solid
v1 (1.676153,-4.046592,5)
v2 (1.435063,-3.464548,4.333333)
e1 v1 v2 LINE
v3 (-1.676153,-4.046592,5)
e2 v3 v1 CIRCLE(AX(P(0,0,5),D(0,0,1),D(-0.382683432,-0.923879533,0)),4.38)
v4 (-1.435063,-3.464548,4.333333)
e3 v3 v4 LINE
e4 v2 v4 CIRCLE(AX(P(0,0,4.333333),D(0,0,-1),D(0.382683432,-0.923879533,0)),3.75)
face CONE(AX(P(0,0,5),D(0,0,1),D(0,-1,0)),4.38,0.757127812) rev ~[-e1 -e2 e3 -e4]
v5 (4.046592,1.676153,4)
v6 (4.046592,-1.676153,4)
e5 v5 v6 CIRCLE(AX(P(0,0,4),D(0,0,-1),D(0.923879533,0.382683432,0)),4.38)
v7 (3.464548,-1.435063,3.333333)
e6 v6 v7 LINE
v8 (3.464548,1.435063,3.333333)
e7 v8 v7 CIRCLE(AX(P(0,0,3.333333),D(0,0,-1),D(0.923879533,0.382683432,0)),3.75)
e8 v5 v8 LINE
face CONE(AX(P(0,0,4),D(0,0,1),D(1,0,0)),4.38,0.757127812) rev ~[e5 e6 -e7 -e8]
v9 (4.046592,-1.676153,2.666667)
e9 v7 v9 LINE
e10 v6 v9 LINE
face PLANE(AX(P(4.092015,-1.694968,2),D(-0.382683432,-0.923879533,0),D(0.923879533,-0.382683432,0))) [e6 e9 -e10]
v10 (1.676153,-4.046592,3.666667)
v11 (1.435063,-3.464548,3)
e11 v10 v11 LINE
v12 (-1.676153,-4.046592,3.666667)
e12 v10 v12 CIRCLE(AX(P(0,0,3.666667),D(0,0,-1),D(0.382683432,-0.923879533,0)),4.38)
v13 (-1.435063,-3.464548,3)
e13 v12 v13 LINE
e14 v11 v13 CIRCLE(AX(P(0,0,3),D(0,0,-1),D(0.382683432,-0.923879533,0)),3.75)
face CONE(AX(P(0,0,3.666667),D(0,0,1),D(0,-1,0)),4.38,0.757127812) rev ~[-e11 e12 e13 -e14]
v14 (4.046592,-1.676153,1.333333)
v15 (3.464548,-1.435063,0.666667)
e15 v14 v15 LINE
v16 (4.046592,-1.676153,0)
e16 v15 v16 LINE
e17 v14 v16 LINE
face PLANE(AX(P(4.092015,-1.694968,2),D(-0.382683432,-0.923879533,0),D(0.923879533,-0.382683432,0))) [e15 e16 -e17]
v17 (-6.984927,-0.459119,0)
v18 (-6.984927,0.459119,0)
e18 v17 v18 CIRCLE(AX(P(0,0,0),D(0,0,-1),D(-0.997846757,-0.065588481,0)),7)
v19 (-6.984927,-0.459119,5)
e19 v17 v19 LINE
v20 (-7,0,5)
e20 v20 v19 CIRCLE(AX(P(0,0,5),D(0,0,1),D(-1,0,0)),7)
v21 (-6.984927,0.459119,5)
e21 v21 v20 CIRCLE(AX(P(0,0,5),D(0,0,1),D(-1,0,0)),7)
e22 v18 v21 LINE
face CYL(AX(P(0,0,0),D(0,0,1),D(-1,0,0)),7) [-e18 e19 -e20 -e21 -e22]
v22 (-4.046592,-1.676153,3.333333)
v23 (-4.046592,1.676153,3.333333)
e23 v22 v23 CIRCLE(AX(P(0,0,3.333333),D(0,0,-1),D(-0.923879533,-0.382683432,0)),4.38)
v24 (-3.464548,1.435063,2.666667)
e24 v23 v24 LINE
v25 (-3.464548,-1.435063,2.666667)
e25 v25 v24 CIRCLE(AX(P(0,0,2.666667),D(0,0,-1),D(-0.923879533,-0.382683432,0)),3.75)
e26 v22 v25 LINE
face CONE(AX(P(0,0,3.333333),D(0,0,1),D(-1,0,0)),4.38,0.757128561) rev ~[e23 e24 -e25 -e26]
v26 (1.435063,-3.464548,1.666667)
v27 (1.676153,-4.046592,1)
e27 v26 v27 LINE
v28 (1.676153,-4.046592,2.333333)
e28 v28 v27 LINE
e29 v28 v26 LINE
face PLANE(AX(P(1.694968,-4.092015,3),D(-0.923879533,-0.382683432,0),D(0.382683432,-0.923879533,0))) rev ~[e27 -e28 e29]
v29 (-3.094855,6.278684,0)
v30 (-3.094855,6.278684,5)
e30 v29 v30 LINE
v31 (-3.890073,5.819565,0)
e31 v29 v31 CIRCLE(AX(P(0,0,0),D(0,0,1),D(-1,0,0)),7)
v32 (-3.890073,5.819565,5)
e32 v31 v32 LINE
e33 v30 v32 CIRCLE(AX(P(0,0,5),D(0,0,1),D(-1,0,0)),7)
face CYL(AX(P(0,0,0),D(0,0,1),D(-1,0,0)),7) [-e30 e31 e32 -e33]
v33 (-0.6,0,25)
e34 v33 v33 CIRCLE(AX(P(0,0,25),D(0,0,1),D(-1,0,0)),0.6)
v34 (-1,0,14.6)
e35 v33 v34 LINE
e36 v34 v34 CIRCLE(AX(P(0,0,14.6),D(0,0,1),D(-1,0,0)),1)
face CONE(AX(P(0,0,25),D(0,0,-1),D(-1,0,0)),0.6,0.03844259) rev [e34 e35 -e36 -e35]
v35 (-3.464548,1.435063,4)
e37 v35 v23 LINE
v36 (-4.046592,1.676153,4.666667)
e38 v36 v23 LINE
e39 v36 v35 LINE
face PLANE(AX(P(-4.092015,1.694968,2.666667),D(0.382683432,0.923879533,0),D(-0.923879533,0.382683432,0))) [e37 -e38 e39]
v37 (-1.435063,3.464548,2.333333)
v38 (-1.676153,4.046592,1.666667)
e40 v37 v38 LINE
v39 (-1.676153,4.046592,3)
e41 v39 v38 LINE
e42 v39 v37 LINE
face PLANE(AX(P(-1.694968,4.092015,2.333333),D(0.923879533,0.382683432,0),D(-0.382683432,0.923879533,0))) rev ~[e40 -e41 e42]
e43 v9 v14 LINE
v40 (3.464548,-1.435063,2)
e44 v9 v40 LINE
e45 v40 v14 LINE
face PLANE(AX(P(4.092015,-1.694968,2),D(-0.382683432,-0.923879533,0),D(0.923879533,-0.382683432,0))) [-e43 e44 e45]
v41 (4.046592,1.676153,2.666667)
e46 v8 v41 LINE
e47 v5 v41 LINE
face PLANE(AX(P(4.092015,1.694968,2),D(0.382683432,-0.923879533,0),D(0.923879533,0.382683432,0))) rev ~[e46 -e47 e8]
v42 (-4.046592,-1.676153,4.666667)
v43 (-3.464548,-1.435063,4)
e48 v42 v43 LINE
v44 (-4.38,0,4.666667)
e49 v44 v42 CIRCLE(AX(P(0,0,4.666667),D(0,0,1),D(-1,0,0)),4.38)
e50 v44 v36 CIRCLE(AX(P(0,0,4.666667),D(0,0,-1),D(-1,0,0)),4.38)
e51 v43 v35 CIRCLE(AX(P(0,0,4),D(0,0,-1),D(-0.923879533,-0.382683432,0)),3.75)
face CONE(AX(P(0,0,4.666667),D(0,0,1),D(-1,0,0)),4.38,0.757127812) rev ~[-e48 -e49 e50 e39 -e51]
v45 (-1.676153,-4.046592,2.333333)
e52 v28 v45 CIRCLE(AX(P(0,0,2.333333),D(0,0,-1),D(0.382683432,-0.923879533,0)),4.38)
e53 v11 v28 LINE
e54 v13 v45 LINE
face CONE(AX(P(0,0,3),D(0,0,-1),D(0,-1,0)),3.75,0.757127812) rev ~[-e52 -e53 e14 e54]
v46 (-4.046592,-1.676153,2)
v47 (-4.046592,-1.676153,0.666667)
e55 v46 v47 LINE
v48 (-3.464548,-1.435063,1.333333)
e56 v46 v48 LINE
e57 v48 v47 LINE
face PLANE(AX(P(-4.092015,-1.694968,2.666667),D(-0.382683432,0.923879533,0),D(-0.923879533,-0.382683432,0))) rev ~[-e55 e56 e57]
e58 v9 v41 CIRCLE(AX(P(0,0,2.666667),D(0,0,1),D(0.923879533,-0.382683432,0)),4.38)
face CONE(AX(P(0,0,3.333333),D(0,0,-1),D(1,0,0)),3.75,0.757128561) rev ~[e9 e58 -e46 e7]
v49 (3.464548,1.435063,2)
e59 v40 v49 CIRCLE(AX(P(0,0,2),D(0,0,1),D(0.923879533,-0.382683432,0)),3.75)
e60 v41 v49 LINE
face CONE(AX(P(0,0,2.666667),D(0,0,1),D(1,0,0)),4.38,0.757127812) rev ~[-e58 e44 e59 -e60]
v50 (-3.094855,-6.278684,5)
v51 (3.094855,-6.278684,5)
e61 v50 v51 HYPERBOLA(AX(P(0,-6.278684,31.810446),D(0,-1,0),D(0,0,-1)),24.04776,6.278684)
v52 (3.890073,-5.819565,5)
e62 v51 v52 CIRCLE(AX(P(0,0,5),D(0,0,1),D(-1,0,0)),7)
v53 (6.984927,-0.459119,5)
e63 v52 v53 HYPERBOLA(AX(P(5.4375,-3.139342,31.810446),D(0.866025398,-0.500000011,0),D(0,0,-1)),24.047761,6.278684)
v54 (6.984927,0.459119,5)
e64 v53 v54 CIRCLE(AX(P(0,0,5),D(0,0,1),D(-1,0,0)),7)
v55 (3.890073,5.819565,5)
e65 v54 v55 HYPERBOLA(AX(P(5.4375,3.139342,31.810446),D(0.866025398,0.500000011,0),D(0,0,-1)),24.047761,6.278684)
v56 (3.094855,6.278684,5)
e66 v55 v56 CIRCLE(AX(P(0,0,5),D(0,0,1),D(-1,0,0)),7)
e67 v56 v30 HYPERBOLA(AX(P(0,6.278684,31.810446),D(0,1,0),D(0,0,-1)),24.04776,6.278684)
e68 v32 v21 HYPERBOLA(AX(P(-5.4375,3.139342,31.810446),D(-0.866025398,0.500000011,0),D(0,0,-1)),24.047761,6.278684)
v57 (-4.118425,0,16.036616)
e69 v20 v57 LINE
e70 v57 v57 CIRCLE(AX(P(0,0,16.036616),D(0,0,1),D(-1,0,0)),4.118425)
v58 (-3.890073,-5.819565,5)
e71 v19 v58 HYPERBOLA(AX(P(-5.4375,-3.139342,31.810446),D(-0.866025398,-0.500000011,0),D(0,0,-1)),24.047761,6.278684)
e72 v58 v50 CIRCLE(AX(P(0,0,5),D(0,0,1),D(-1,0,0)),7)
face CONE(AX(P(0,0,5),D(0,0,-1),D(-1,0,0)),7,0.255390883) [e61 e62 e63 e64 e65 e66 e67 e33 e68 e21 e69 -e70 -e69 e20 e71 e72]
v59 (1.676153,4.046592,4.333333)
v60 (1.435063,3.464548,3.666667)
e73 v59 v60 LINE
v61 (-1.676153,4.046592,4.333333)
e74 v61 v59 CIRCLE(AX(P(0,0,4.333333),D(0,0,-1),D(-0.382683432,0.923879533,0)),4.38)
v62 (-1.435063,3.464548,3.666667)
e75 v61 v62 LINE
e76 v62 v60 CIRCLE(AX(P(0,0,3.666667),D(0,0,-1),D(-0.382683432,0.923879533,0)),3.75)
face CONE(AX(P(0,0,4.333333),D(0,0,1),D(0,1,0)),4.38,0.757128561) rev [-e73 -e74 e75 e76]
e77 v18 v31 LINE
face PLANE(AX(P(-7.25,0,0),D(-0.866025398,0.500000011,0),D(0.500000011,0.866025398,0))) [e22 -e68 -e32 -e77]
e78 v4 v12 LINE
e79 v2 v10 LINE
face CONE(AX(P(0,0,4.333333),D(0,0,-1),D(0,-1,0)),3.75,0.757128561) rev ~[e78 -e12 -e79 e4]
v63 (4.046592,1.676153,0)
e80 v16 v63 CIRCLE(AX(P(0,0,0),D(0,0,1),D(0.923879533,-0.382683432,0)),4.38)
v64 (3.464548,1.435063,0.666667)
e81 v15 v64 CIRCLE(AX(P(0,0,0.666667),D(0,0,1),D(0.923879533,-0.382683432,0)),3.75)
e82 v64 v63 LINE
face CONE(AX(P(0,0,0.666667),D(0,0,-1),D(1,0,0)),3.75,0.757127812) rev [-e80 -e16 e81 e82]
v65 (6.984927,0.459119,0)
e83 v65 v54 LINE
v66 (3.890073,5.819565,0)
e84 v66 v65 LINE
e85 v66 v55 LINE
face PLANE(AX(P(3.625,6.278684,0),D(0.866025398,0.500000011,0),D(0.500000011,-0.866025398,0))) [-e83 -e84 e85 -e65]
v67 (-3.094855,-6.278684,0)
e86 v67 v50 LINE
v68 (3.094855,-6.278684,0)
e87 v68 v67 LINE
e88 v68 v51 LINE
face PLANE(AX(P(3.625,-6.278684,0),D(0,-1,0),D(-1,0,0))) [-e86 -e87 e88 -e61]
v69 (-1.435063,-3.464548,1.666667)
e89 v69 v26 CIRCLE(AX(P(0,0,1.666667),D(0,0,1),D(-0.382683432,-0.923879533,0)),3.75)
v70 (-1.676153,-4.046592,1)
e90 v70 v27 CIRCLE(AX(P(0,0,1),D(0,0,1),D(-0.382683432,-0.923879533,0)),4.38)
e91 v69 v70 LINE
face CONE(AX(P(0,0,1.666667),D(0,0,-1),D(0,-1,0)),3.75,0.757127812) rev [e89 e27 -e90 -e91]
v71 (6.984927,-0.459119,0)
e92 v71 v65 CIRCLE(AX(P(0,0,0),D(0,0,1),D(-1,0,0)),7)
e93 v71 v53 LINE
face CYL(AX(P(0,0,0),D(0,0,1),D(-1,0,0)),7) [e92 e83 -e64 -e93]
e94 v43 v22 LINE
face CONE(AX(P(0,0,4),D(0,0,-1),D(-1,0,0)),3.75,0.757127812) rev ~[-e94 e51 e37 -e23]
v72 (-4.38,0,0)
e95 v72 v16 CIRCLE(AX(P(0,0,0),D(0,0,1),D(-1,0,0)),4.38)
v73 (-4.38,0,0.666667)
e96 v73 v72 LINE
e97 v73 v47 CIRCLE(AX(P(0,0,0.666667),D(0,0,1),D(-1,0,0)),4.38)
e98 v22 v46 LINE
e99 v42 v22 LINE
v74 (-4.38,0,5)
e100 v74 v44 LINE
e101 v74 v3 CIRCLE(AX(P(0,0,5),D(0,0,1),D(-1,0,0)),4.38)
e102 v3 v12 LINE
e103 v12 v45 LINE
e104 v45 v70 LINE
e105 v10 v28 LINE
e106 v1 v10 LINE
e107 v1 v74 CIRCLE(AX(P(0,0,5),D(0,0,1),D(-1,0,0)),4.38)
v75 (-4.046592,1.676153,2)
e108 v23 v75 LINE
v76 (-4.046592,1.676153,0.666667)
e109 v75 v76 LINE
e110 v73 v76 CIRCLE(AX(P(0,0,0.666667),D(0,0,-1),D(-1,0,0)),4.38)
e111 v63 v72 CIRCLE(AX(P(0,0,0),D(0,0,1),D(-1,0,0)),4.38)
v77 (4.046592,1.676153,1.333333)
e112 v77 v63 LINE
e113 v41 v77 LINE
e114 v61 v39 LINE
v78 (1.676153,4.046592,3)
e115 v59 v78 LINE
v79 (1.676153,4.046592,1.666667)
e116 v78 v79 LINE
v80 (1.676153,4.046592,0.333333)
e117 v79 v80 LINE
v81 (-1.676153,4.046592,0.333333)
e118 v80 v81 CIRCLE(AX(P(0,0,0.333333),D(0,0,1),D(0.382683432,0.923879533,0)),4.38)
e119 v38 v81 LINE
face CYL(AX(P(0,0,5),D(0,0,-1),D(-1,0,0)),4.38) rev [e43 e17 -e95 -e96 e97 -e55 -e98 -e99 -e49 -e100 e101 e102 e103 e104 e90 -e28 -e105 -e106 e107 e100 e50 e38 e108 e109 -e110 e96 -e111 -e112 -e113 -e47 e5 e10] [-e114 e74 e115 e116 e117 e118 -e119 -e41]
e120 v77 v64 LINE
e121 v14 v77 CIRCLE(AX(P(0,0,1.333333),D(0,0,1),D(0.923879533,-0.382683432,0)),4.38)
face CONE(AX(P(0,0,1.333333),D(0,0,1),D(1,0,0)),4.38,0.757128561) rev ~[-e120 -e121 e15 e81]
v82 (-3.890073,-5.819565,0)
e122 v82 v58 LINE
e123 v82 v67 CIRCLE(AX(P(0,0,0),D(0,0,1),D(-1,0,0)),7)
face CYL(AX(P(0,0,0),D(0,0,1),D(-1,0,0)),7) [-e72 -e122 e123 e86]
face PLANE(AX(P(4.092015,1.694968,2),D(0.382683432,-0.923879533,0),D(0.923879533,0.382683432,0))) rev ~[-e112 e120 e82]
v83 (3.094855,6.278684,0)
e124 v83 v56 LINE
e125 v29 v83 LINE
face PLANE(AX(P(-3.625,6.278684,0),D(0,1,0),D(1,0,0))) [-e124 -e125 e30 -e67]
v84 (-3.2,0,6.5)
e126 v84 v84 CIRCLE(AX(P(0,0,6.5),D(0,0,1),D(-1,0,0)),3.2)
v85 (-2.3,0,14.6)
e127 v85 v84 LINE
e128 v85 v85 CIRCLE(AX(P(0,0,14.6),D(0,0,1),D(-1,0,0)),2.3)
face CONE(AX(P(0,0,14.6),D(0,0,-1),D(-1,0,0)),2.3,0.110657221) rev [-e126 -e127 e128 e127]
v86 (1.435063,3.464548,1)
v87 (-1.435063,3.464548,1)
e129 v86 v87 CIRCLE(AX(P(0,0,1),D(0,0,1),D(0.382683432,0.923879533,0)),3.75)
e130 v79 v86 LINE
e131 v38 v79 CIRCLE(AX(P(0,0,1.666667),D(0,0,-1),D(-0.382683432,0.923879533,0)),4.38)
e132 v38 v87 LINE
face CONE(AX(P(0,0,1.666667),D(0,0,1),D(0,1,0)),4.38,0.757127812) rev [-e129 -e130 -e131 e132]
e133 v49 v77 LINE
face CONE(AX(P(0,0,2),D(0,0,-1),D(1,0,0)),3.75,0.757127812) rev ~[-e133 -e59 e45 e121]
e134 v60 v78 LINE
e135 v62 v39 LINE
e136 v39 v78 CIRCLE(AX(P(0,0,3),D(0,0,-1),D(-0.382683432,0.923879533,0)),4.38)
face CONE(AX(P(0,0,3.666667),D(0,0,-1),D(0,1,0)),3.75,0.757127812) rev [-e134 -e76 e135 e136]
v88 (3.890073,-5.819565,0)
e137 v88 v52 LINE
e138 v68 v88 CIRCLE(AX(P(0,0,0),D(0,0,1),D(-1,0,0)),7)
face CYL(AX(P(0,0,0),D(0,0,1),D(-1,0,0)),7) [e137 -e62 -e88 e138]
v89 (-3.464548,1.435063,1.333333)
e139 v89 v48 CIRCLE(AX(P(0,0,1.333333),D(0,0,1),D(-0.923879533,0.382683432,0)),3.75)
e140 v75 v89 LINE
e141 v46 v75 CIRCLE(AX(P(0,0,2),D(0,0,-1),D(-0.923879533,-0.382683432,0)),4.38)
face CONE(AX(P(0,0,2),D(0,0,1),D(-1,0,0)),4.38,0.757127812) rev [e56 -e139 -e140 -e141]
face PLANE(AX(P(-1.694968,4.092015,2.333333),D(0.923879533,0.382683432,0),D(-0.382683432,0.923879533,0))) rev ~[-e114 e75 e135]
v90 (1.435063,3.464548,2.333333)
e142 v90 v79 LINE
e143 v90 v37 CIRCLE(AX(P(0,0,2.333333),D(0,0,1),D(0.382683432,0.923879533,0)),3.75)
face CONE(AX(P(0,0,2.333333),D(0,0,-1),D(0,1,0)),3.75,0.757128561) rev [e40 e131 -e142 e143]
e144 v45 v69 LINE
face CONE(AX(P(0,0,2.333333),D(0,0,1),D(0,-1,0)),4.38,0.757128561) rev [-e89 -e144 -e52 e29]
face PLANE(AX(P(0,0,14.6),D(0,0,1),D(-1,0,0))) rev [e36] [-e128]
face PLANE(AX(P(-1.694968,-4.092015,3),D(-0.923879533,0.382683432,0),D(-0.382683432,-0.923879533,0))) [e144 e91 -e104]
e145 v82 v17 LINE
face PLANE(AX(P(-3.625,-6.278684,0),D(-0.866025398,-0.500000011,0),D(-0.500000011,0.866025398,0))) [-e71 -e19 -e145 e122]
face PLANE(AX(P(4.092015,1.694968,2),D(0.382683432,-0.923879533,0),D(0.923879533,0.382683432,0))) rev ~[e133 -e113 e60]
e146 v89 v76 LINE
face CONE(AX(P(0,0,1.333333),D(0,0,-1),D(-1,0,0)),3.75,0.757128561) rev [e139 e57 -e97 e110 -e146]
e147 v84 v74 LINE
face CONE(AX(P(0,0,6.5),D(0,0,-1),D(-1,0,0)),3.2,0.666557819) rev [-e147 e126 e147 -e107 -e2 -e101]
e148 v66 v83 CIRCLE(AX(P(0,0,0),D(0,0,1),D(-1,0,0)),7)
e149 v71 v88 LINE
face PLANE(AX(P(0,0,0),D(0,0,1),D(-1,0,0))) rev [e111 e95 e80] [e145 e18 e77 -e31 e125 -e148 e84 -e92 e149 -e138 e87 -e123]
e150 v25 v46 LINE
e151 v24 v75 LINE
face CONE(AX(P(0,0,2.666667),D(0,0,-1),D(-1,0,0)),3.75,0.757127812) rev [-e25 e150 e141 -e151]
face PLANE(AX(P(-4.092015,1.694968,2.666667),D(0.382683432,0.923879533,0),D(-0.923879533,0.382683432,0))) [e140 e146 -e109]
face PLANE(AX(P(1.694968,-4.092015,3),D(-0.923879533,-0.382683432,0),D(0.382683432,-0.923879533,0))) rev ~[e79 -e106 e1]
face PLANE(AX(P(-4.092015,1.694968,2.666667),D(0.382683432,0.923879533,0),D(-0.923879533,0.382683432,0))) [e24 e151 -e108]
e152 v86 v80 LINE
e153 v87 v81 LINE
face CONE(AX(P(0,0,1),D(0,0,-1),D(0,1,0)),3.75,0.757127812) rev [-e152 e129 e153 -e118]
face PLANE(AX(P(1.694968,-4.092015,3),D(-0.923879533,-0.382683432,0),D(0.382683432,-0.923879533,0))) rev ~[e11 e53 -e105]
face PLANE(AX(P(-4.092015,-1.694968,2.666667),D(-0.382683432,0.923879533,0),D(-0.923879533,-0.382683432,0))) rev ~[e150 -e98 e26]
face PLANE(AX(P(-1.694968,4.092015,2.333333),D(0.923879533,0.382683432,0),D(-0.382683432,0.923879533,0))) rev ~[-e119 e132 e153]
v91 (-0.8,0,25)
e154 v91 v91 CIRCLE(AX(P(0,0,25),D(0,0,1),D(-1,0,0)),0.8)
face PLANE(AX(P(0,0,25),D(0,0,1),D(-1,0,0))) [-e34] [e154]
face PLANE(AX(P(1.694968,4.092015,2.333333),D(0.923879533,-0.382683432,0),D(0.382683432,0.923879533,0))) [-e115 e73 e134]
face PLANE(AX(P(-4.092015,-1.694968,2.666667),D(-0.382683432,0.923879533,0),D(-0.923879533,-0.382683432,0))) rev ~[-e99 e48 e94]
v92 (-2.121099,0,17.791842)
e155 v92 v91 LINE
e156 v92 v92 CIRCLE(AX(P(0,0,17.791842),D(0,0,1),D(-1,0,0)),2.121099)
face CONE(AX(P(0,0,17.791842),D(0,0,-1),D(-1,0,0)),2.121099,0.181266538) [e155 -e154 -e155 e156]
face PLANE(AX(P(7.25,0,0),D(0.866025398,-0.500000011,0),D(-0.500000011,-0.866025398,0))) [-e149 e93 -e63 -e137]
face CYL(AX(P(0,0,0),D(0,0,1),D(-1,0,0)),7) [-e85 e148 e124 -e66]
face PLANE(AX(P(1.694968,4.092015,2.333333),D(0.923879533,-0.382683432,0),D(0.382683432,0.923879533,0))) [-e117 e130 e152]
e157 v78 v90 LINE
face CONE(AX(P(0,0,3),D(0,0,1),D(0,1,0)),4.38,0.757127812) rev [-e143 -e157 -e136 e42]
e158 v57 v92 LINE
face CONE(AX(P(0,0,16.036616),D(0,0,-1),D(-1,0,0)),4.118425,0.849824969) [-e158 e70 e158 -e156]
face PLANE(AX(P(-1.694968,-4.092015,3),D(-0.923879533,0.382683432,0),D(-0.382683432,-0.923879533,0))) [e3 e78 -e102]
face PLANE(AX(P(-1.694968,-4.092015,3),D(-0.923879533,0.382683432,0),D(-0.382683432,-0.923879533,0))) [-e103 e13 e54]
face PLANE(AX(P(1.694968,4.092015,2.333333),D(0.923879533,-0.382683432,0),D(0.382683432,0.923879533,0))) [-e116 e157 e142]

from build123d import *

# Parameters (mm, degrees)
SKETCH001_R         = 16.146195
POCKET_DEPTH        = 25.001
REVOLUTION001_ANGLE = 45
REVOLUTION002_ANGLE = 45


with BuildPart() as part:
    # Sketch → Revolution (revolve)
    with BuildSketch(Plane.XZ):
        Polygon((-1, 14.6), (-2.3, 14.6), (-3.2, 6.5), (-4.38, 5), (-4.38, 0), (-7, 0), (-7, 5), (-4.118425, 16.036616), (-2.121099, 17.791842), (-0.8, 25), (-0.6, 25), align=None)
    revolve(axis=Axis((0, 0, 0), (0, 0, 1)))

    # Sketch001 (on Face7 of Revolution) → Pocket (cut, through all)
    with BuildSketch(Plane(origin=(0, 0, 0), x_dir=(1, 0, 0), z_dir=(0, 0, -1))):
        Circle(SKETCH001_R)
        Polygon((-3.625, 6.278684), (-7.25, 0), (-3.625, -6.278684), (3.625, -6.278684), (7.25, 0), (3.625, 6.278684), align=None, mode=Mode.SUBTRACT)
    extrude(amount=-POCKET_DEPTH, mode=Mode.SUBTRACT)

    # Sketch002 → Revolution001 (revolve, symmetric)
    with BuildSketch(Plane.XZ) as revolution001_sk:
        Polygon((-4.88, 4.666667), (-4.38, 4.666667), (-3.75, 4), (-4.38, 3.333333), (-3.75, 2.666667), (-4.38, 2), (-3.75, 1.333333), (-4.38, 0.666667), (-4.88, 0.666667), align=None)
        Polygon((4.88, 0), (4.88, 4), (4.38, 4), (3.75, 3.333333), (4.38, 2.666667), (3.75, 2), (4.38, 1.333333), (3.75, 0.666667), (4.38, 0), align=None)
    revolve(axis=Axis((0, 0, 0), (0, 0, 1)), revolution_arc=REVOLUTION001_ANGLE / 2)
    revolve(revolution001_sk.sketch, axis=Axis((0, 0, 0), (0, 0, -1)), revolution_arc=REVOLUTION001_ANGLE / 2)

    # Sketch003 → Revolution002 (revolve, symmetric)
    with BuildSketch(Plane.YZ) as revolution002_sk:
        Polygon((-4.88, 5), (-4.38, 5), (-3.75, 4.333333), (-4.38, 3.666667), (-3.75, 3), (-4.38, 2.333333), (-3.75, 1.666667), (-4.38, 1), (-4.88, 1), align=None)
        Polygon((4.88, 0.333333), (4.88, 4.333333), (4.38, 4.333333), (3.75, 3.666667), (4.38, 3), (3.75, 2.333333), (4.38, 1.666667), (3.75, 1), (4.38, 0.333333), align=None)
    revolve(axis=Axis((0, 0, 0), (0, 0, 1)), revolution_arc=REVOLUTION002_ANGLE / 2)
    revolve(revolution002_sk.sketch, axis=Axis((0, 0, 0), (0, 0, -1)), revolution_arc=REVOLUTION002_ANGLE / 2)


solid = part.part
